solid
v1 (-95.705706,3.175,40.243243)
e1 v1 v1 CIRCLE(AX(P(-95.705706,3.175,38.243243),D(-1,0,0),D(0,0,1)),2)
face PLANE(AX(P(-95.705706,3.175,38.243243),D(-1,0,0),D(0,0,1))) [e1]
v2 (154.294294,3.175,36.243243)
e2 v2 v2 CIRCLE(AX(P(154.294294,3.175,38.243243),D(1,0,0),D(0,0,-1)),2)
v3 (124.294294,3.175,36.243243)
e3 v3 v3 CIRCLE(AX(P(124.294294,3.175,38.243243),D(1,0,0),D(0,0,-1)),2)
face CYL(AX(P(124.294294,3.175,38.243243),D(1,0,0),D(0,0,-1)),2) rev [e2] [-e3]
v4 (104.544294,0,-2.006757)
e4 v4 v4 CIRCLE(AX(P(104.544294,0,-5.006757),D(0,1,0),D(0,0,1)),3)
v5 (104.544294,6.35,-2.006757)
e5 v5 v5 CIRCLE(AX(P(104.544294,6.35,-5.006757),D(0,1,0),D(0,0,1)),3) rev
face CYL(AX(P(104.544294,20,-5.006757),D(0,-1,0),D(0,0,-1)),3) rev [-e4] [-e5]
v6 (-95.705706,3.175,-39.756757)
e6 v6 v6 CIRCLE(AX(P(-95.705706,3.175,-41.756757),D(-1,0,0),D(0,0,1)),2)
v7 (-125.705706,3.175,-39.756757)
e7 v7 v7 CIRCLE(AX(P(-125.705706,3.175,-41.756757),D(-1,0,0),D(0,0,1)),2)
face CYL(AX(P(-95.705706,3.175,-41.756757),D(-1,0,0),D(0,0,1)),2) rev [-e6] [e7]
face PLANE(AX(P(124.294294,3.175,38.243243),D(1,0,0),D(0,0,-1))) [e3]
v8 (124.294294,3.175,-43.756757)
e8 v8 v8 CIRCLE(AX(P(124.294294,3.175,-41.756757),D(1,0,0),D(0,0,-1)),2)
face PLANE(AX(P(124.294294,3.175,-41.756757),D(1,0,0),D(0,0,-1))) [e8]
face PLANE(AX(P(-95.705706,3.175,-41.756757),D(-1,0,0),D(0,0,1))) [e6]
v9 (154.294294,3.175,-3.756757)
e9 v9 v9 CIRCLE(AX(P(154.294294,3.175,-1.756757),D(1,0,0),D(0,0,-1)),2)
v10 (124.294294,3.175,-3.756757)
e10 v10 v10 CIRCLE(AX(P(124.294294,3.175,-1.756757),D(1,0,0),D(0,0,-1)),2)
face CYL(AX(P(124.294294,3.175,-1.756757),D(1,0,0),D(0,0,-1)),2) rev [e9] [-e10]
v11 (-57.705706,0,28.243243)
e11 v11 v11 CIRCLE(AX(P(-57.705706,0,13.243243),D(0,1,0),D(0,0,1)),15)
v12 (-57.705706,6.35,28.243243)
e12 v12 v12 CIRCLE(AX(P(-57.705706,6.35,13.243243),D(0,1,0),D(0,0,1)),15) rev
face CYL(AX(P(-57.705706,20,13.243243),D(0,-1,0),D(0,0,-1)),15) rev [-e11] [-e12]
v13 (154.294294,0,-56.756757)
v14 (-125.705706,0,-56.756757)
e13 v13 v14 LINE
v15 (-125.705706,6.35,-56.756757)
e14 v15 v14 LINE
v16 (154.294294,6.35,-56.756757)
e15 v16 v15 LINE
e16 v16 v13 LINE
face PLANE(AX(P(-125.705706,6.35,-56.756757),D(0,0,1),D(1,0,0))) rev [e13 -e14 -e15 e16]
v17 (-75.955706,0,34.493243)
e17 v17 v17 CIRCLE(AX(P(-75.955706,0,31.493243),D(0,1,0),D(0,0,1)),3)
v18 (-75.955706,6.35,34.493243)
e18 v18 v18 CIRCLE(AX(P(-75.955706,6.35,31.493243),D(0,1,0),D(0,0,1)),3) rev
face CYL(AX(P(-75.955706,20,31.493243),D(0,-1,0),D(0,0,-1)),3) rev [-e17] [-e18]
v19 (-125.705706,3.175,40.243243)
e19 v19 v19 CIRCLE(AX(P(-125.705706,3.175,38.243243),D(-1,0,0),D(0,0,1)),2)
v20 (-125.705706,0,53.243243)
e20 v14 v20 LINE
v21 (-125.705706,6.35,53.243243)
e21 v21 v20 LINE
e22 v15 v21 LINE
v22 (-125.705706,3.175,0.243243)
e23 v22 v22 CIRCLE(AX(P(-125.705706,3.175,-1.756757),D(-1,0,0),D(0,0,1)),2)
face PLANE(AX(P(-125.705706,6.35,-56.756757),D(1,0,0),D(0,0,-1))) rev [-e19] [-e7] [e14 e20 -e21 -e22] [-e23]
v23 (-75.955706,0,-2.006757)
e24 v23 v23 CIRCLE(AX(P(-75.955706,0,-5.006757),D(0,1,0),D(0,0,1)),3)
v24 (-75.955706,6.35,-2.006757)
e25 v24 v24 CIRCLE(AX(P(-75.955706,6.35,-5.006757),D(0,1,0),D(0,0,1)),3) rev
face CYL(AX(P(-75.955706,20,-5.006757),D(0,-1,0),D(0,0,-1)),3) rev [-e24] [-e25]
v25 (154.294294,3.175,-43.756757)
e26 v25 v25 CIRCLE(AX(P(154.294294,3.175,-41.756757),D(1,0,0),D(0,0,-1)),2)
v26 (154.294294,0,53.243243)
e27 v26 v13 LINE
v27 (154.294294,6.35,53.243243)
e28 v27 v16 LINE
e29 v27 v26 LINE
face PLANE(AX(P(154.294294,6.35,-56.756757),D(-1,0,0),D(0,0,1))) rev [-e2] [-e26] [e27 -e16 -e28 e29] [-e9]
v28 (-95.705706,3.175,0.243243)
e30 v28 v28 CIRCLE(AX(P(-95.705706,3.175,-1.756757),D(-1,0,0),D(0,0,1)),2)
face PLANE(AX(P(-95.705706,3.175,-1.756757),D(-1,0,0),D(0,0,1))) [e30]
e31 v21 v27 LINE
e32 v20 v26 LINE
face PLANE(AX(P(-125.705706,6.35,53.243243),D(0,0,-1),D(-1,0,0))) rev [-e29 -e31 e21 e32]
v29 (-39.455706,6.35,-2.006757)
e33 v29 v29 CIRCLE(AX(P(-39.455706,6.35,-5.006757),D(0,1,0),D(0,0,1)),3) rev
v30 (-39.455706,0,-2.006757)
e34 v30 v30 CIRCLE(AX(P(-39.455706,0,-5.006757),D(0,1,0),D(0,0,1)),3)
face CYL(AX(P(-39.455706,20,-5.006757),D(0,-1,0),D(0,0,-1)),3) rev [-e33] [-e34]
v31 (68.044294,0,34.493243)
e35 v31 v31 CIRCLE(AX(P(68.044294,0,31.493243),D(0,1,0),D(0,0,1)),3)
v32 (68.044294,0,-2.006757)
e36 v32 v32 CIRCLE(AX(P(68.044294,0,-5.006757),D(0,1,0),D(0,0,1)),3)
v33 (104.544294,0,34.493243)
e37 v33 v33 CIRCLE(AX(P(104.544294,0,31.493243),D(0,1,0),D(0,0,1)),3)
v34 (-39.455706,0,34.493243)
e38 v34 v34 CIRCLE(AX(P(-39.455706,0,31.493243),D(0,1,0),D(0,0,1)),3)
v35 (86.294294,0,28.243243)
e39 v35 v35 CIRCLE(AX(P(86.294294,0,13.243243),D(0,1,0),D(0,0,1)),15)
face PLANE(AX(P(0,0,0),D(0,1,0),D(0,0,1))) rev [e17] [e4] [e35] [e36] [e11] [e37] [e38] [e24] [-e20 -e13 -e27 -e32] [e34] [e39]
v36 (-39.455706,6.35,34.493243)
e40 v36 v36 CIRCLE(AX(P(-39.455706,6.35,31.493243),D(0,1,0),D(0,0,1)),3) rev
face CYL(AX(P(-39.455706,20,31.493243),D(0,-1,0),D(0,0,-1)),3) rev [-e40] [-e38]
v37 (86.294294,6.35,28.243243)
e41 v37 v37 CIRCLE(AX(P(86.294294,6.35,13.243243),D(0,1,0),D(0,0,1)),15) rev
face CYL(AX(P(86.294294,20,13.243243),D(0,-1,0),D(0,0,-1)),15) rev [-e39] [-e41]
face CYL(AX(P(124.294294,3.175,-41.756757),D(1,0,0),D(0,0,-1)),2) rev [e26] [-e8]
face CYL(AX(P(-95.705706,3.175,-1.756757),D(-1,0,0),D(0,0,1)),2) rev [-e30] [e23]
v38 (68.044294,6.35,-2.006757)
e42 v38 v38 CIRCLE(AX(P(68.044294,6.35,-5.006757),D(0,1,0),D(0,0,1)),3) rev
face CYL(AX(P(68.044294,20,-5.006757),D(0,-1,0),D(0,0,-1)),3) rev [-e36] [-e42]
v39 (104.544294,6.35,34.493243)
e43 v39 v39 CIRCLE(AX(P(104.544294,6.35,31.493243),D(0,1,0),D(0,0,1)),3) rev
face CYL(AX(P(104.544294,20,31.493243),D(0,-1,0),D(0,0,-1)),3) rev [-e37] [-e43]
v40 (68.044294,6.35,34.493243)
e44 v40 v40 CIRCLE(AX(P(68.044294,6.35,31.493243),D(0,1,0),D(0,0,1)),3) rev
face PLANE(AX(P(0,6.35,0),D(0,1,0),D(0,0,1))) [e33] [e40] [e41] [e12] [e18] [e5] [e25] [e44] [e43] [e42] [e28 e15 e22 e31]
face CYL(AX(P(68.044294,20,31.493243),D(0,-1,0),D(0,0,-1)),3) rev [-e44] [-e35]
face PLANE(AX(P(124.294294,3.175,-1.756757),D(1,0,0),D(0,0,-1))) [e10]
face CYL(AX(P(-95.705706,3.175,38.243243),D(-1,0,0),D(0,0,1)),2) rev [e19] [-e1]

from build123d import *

# Parameters (mm, degrees)
CROQUIS1_W              = 280
CROQUIS1_H              = 110
SALIENTE_EXTRUIR1_DEPTH = 6.35
CROQUIS2_R              = 3
CROQUIS2_R_2            = 15
CORTAR_EXTRUIR2_DEPTH   = 20
CROQUIS5_R              = 2
CORTAR_EXTRUIR5_DEPTH   = 30
CROQUIS6_R              = 2
CORTAR_EXTRUIR6_DEPTH   = 30


with BuildPart() as part:
    # Croquis1 → Saliente-Extruir1 (new body)
    with BuildSketch(Plane(origin=(0, 0, 0), x_dir=(1, 0, 0), z_dir=(0, 1, 0))):
        with Locations((14.294294294, 1.756756757)):
            Rectangle(CROQUIS1_W, CROQUIS1_H)
    extrude(amount=SALIENTE_EXTRUIR1_DEPTH)

    # Croquis2 → Cortar-Extruir2 (cut)
    with BuildSketch(Plane(origin=(0, 0, 0), x_dir=(1, 0, 0), z_dir=(0, 1, 0))):
        with Locations((-39.455705706, 5.006756757)):
            Circle(CROQUIS2_R)
        with Locations((-75.955705706, 5.006756757)):
            Circle(CROQUIS2_R)
        with Locations((86.294294294, -13.243243243)):
            Circle(CROQUIS2_R_2)
        with Locations((-57.705705706, -13.243243243)):
            Circle(CROQUIS2_R_2)
        with Locations((-39.455705706, -31.493243243)):
            Circle(CROQUIS2_R)
        with Locations((-75.955705706, -31.493243243)):
            Circle(CROQUIS2_R)
        with Locations((104.544294294, 5.006756757)):
            Circle(CROQUIS2_R)
        with Locations((68.044294294, 5.006756757)):
            Circle(CROQUIS2_R)
        with Locations((104.544294294, -31.493243243)):
            Circle(CROQUIS2_R)
        with Locations((68.044294294, -31.493243243)):
            Circle(CROQUIS2_R)
    extrude(amount=CORTAR_EXTRUIR2_DEPTH, mode=Mode.SUBTRACT)

    # Croquis5 → Cortar-Extruir5 (cut)
    with BuildSketch(Plane.ZY.offset(125.705705706)):
        with Locations((38.243243243, 3.175)):
            Circle(CROQUIS5_R)
        with Locations((-41.756756757, 3.175)):
            Circle(CROQUIS5_R)
        with Locations((-1.756756757, 3.175)):
            Circle(CROQUIS5_R)
    extrude(amount=-CORTAR_EXTRUIR5_DEPTH, mode=Mode.SUBTRACT)

    # Croquis6 → Cortar-Extruir6 (cut)
    with BuildSketch(Plane(origin=(154.294294294, 0, 0), x_dir=(0, 0, -1), z_dir=(1, 0, 0))):
        with Locations((41.756756757, 3.175)):
            Circle(CROQUIS6_R)
        with Locations((-38.243243243, 3.175)):
            Circle(CROQUIS6_R)
        with Locations((1.756756757, 3.175)):
            Circle(CROQUIS6_R)
    extrude(amount=-CORTAR_EXTRUIR6_DEPTH, mode=Mode.SUBTRACT)


solid = part.part
